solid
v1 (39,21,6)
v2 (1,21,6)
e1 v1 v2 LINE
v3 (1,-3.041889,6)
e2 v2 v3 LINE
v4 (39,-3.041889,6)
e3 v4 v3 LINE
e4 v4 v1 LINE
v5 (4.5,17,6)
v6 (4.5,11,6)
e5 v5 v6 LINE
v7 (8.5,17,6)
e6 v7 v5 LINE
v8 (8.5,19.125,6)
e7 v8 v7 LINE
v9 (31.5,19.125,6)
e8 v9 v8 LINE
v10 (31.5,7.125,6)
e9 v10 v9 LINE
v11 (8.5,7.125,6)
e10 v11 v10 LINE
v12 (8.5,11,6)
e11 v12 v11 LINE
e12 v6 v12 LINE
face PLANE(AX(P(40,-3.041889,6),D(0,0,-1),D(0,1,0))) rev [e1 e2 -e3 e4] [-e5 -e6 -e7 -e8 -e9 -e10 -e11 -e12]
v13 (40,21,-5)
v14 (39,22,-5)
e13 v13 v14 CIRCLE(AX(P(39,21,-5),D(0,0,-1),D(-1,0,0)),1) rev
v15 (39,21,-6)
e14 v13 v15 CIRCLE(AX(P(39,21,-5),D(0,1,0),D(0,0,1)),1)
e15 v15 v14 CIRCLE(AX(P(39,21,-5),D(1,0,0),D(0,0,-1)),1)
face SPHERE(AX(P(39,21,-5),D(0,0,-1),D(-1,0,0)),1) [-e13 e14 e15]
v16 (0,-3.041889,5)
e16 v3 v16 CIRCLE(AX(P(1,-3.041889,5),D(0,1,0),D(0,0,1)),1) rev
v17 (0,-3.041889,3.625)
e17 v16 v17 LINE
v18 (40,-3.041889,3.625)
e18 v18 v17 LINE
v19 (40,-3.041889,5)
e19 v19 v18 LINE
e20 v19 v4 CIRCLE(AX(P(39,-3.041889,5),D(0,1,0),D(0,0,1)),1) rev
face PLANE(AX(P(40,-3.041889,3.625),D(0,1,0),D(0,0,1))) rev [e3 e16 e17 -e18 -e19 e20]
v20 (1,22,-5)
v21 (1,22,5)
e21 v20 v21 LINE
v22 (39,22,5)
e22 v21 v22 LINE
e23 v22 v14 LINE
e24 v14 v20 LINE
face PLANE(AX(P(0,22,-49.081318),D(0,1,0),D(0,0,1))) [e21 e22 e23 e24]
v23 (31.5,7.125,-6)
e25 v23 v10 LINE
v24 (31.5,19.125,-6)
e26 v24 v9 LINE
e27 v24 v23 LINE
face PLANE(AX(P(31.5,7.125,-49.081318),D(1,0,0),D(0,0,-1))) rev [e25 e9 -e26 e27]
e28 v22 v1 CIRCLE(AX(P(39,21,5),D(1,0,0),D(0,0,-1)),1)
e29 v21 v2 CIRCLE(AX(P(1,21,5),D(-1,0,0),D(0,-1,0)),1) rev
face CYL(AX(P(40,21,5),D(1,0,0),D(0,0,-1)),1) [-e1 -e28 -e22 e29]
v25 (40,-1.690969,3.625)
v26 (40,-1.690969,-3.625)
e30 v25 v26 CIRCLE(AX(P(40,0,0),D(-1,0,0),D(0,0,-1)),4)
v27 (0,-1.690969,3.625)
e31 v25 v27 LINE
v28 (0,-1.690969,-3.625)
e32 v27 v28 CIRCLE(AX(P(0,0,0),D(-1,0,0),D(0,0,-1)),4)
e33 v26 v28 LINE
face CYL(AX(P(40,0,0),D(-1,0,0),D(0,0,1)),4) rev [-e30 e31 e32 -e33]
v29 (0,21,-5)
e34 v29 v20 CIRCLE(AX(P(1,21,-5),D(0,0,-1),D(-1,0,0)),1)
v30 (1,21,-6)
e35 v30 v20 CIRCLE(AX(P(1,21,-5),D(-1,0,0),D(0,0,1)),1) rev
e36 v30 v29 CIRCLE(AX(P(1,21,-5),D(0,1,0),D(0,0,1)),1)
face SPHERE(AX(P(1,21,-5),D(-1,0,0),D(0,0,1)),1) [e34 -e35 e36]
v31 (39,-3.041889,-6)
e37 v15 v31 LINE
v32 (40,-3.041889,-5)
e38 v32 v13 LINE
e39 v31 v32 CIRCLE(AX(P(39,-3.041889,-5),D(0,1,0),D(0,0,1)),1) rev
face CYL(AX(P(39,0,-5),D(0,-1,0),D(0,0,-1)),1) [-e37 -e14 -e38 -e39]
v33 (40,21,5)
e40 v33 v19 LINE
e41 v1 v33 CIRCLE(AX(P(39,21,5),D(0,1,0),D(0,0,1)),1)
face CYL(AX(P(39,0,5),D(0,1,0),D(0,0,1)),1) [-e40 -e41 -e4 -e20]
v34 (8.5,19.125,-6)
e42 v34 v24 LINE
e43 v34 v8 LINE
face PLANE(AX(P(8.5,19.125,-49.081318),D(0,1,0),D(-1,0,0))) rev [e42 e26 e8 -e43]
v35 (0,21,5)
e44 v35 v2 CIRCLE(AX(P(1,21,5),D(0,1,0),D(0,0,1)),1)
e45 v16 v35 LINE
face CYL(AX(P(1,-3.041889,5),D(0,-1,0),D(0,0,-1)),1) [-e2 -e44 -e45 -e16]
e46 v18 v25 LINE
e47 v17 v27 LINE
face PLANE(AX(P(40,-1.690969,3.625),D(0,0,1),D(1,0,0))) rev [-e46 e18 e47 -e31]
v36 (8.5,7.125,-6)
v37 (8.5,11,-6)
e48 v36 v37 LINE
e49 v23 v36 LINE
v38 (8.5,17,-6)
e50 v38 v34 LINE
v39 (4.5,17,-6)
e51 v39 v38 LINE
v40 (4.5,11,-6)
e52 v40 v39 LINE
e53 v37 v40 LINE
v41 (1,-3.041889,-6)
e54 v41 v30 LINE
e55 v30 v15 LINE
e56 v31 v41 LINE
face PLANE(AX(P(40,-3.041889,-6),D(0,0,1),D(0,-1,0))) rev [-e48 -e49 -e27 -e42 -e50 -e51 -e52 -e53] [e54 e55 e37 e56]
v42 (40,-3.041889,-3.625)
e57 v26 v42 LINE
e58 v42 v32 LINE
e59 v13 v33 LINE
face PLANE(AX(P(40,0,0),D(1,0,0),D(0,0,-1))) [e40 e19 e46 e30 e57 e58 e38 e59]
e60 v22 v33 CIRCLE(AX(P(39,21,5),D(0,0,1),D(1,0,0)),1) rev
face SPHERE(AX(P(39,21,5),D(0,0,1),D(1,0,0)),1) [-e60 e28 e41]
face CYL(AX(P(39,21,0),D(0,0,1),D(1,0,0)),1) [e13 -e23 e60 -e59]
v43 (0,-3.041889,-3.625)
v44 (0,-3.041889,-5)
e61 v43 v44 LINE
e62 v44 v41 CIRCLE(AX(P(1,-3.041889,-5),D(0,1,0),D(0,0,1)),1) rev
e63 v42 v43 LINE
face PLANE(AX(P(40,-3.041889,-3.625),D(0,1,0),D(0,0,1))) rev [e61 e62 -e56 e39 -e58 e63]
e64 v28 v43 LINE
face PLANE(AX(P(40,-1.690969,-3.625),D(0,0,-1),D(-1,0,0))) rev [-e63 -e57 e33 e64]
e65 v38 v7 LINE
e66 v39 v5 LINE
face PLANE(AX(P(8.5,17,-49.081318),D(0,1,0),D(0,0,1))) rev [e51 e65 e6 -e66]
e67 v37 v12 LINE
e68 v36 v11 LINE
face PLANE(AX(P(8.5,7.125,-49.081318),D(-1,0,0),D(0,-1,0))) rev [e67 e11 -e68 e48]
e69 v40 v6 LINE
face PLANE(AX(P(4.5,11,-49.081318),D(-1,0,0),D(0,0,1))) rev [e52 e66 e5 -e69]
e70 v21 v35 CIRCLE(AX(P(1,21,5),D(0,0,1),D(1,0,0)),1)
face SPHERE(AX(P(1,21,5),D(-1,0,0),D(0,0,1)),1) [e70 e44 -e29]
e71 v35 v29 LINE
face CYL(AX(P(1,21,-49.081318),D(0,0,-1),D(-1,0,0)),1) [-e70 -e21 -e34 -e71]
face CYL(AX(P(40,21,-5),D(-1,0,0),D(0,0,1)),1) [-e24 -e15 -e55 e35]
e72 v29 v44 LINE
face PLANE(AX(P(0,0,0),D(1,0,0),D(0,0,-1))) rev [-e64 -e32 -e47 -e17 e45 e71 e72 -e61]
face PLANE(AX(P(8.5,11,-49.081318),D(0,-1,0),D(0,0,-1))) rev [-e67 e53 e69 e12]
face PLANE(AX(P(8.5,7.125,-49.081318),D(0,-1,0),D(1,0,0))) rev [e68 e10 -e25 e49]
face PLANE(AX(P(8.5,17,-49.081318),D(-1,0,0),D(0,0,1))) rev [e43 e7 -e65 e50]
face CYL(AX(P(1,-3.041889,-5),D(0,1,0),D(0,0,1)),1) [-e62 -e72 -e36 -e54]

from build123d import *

# Parameters (mm, degrees)
BOSS_EXTRUDE1_DEPTH = 40
SKETCH2_W           = 40
SKETCH2_H           = 16
BOSS_EXTRUDE2_DEPTH = 12
FILLET1_R           = 1


with BuildPart() as part:
    # Sketch1 → Boss-Extrude1 (new body)
    with BuildSketch(Plane(origin=(0, 0, 0), x_dir=(0, 0, -1), z_dir=(1, 0, 0))):
        with BuildLine():
            Line((-3.625, -1.690968657), (-3.625, -3.041889066))
            Line((-3.625, -3.041889066), (-6, -3.041889066))
            Line((-6, -3.041889066), (-6, 6))
            Line((-6, 6), (6, 6))
            Line((6, 6), (6, -3.041889066))
            Line((6, -3.041889066), (3.625, -3.041889066))
            Line((3.625, -3.041889066), (3.625, -1.690968657))
            ThreePointArc((3.625, -1.690968657), (0, 4), (-3.625, -1.690968657))
        make_face()
    extrude(amount=BOSS_EXTRUDE1_DEPTH)

    # Sketch2 → Boss-Extrude2 (add)
    with BuildSketch(Plane.XY.offset(6)):
        with Locations((20, 14)):
            Rectangle(SKETCH2_W, SKETCH2_H)
        Polygon((8.5, 17), (8.5, 19.125), (31.5, 19.125), (31.5, 7.125), (8.5, 7.125), (8.5, 11), (4.5, 11), (4.5, 17), align=None, mode=Mode.SUBTRACT)
    extrude(amount=-BOSS_EXTRUDE2_DEPTH)

    # Fillet1
    fillet1_edges = [part.edges().sort_by_distance(p)[0] for p in [
        (40, 9.479055467, -6),
        (40, 22, 0),
        (0, 22, 0),
        (20, 22, 6),
        (20, 22, -6),
        (40, 9.479055467, 6),
        (0, 9.479055467, 6),
        (0, 9.479055467, -6),
    ]]
    fillet(fillet1_edges, radius=FILLET1_R)


solid = part.part
